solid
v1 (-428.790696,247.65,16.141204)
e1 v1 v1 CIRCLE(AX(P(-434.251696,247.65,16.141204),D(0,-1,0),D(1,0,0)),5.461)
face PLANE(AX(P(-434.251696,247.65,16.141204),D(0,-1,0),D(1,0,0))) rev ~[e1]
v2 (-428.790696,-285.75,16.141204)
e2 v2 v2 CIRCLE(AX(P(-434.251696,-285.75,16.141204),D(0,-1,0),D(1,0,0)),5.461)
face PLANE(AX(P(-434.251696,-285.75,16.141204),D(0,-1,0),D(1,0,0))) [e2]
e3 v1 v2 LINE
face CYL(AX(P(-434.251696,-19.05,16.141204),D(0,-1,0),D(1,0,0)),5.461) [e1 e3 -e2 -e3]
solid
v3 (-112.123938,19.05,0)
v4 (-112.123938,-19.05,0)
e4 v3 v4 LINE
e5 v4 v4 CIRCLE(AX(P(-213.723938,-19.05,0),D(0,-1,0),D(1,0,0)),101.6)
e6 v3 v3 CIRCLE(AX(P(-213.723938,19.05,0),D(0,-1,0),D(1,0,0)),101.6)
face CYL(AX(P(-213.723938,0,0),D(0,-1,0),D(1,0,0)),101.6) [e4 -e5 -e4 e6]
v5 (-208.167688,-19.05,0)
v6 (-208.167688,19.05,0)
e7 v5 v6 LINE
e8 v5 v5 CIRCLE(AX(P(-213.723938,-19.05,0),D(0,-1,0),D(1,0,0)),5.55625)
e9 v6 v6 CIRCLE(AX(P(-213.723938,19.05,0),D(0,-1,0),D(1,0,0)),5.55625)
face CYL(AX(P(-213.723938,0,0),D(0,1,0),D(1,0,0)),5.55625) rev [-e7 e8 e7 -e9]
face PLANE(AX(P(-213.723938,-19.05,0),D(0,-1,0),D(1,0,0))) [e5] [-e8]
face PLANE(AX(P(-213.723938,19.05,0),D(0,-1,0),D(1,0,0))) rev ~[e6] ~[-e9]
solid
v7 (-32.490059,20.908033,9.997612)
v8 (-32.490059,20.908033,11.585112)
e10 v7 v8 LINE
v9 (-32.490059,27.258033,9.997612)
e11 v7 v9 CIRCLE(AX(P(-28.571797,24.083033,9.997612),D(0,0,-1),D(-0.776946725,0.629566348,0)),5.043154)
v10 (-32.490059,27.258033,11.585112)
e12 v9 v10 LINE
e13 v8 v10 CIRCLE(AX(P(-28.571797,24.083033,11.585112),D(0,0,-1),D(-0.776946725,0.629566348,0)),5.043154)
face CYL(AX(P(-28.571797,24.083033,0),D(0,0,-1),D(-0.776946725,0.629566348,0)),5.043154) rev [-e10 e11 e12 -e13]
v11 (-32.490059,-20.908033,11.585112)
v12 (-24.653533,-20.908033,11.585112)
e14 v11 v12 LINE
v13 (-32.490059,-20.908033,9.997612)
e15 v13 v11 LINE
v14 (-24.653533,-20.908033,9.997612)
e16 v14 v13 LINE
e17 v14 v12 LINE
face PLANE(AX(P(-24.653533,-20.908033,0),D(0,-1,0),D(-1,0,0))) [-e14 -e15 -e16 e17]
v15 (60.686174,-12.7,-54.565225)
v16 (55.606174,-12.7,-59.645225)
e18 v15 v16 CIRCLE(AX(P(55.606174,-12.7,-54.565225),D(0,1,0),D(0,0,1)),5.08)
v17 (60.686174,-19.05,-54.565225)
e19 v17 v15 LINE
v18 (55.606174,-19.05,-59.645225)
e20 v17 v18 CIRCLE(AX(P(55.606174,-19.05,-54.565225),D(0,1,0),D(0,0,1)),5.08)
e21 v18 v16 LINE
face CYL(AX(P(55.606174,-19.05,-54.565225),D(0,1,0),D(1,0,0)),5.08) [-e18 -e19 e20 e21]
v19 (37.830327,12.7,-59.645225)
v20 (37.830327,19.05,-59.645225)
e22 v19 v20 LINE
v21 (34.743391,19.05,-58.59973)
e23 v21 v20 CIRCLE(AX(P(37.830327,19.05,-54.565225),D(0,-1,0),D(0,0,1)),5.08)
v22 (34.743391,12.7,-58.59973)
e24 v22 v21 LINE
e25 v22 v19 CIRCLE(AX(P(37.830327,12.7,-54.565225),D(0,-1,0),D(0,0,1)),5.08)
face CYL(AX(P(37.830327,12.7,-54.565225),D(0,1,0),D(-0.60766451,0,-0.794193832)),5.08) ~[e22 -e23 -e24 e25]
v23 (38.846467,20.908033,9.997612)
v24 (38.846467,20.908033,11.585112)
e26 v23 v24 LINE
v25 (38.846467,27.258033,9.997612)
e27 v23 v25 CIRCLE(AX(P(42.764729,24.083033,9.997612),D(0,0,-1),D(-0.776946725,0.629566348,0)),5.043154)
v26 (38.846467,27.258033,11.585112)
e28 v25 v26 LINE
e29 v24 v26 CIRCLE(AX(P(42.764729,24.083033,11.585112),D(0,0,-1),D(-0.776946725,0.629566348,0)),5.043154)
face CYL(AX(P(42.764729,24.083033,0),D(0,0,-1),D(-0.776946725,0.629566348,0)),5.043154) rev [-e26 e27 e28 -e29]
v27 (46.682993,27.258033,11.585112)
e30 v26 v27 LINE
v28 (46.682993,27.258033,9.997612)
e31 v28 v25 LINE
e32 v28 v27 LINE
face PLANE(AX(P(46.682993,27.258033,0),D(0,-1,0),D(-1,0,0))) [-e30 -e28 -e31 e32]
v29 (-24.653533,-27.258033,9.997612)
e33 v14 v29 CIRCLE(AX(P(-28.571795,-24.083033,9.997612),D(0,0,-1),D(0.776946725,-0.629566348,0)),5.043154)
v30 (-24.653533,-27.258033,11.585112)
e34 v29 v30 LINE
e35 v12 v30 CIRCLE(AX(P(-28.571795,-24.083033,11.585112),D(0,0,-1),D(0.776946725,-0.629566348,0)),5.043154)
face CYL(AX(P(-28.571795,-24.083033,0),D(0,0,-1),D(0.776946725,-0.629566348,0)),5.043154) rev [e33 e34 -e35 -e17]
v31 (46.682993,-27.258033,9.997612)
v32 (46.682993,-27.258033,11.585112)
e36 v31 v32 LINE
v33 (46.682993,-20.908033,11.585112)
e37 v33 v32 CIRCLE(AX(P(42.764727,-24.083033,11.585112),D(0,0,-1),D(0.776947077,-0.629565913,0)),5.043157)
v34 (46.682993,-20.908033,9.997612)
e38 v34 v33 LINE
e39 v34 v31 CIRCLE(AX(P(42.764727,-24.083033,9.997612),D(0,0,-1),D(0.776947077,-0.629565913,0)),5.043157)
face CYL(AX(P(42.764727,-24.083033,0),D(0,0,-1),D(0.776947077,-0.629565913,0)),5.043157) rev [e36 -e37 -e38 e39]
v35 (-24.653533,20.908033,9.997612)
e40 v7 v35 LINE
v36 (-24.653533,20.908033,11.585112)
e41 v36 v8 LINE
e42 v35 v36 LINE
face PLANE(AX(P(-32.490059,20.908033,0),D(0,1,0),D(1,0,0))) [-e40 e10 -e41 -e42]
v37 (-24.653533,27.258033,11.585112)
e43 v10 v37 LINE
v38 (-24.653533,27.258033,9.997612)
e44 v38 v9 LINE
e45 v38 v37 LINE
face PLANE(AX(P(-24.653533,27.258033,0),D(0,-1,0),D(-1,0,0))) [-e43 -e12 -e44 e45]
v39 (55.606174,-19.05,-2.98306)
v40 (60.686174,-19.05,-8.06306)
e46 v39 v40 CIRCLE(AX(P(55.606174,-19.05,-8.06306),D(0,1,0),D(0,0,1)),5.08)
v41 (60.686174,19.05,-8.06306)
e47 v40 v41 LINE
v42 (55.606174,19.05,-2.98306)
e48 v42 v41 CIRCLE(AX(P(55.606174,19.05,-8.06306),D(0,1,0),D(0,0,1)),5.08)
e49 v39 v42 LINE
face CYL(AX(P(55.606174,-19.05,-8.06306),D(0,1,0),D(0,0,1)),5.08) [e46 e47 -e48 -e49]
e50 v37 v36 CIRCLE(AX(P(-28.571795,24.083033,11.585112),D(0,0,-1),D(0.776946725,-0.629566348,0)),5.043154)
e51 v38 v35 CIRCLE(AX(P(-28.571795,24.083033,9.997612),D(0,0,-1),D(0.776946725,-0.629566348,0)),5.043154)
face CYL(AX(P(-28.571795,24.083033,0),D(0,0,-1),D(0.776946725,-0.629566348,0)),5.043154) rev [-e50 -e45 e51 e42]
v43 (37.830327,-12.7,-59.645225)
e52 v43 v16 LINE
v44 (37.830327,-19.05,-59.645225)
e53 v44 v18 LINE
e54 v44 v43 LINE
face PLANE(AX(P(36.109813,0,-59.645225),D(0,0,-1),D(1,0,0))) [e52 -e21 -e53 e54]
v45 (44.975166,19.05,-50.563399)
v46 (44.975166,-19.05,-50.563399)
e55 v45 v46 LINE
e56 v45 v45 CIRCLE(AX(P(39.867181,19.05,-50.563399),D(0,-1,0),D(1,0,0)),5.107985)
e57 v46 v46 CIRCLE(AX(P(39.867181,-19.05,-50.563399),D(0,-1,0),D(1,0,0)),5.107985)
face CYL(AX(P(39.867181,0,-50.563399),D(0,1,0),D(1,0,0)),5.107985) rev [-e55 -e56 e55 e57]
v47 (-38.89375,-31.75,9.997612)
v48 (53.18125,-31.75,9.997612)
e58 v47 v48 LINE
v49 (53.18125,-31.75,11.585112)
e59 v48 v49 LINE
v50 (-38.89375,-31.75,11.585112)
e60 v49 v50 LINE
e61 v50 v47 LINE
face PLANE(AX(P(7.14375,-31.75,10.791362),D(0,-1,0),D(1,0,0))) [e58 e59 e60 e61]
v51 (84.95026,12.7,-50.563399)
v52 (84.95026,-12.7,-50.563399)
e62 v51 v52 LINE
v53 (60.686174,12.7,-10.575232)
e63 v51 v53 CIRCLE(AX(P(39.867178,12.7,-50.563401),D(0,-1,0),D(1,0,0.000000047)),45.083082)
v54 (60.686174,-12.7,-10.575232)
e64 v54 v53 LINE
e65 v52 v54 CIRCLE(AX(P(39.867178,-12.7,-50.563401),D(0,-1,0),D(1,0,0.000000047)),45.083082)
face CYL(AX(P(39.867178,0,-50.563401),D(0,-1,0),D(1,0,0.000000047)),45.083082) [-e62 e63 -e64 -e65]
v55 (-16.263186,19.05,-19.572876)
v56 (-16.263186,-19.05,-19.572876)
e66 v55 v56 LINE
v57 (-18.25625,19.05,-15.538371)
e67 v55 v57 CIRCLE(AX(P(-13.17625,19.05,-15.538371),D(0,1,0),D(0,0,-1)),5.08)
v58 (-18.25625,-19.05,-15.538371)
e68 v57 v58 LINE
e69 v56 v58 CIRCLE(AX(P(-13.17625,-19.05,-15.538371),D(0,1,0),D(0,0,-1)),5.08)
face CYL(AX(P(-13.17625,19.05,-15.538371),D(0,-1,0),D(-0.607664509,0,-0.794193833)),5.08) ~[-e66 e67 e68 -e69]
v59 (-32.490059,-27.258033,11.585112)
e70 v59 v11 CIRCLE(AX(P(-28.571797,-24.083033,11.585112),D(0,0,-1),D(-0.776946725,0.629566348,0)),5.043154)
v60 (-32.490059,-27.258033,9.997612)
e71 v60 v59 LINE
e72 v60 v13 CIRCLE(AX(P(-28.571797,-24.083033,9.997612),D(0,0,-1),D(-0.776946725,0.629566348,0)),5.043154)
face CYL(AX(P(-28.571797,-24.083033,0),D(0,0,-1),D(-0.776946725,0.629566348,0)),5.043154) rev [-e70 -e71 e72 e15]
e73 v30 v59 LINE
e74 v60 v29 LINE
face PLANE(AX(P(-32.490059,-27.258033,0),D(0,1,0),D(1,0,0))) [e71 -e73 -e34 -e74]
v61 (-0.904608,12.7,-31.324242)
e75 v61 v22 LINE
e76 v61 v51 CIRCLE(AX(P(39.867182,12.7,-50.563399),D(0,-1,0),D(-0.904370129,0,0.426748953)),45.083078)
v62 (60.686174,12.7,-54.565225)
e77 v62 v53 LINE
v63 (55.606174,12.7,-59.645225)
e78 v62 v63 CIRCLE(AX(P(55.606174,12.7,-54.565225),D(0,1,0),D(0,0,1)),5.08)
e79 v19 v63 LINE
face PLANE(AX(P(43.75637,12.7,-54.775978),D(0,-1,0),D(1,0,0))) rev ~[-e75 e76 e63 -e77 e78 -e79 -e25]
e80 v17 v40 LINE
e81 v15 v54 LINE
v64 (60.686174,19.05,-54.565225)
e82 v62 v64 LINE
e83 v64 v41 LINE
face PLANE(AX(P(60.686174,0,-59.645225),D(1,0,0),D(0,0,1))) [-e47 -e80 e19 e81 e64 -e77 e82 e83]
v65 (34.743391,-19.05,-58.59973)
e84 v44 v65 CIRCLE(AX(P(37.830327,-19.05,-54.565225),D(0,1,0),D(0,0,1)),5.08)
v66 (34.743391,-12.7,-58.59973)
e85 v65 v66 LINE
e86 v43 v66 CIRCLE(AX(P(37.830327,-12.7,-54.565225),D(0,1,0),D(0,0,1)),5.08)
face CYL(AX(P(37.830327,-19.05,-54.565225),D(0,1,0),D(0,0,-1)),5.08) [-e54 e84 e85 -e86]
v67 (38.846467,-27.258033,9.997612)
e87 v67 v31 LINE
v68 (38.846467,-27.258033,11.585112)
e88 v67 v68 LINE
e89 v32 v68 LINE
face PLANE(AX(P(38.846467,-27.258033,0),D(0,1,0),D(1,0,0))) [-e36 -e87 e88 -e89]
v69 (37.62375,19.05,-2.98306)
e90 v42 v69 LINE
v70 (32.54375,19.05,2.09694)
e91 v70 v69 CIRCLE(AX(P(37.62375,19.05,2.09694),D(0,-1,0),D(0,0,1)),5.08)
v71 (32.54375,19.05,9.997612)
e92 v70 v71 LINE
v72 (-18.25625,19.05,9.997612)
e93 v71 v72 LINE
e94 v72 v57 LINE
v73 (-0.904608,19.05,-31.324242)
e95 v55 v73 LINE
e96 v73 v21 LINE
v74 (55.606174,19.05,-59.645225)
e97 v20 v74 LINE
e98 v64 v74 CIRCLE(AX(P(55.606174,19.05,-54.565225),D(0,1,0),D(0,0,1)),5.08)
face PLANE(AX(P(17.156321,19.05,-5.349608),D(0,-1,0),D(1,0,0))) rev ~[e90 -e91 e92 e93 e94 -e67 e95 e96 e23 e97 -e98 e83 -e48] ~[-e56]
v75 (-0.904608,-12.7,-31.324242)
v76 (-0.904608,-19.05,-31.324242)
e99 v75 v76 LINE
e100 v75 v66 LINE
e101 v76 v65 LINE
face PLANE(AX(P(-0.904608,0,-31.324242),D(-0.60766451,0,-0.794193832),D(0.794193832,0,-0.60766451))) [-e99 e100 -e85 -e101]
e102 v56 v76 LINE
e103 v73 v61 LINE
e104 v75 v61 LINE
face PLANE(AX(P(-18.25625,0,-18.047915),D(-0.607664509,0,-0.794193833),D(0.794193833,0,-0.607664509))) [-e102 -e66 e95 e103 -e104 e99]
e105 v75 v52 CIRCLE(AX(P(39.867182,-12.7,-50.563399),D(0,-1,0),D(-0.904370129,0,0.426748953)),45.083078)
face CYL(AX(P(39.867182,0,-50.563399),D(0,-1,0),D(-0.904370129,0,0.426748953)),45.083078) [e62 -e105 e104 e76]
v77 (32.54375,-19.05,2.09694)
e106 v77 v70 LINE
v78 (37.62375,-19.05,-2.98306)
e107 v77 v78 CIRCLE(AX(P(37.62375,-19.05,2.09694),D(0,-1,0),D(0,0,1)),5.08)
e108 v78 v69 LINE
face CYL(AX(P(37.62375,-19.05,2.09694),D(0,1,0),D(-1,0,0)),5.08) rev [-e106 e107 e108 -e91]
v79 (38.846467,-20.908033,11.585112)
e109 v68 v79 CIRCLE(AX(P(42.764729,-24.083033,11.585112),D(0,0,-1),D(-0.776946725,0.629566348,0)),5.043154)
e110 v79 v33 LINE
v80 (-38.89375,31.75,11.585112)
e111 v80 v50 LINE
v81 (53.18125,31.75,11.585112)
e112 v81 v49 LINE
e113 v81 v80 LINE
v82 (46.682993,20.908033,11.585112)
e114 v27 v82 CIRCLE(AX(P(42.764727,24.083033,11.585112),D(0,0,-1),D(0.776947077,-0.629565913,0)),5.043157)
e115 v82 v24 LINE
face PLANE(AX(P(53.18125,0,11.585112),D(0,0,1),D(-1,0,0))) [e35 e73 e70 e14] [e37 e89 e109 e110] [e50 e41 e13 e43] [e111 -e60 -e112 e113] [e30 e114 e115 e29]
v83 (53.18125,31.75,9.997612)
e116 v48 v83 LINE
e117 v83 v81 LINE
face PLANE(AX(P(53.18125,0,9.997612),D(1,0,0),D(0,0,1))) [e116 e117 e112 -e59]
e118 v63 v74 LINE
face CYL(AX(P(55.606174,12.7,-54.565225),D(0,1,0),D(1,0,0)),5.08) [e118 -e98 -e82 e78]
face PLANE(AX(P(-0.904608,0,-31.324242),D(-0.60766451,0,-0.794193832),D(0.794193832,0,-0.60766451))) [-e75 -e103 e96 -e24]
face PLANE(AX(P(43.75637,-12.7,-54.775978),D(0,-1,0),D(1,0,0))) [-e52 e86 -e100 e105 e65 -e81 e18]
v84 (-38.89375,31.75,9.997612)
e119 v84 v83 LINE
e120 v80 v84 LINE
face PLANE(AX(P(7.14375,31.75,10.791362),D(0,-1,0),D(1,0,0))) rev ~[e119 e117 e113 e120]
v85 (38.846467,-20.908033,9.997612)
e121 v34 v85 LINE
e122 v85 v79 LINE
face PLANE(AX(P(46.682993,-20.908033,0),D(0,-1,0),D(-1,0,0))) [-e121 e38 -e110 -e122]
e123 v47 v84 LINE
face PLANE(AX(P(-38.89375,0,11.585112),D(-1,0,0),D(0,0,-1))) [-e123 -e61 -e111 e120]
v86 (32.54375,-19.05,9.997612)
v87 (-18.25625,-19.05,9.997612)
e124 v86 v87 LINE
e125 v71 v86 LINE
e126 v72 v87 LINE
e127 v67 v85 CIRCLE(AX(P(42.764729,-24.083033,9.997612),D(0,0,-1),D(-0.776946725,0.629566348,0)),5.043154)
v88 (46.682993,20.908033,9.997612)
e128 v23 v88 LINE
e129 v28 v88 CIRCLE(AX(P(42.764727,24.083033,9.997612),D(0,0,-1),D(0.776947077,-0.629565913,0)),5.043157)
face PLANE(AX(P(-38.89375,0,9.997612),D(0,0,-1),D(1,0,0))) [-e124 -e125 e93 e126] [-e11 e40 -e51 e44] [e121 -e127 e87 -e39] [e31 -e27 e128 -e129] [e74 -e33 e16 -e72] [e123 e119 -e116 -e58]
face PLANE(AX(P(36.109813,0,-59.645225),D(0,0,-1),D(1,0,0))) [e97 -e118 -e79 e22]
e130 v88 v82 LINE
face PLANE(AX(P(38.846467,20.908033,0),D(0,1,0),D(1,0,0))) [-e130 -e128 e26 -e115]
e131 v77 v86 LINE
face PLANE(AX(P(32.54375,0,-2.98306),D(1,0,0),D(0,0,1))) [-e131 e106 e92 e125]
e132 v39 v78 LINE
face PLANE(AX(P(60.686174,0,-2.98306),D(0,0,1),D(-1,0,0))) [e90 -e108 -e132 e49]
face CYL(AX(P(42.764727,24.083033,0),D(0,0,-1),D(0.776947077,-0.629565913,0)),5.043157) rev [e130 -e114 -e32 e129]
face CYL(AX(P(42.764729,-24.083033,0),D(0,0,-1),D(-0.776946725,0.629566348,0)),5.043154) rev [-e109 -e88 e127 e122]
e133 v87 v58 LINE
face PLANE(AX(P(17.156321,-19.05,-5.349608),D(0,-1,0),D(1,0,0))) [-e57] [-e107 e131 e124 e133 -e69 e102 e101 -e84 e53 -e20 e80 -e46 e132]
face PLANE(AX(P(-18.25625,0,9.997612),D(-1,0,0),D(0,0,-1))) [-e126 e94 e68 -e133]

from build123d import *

# Parameters (mm, degrees)
F1_DEPTH  = 31.75
F0_R      = 5.107985
F2_DEPTH  = 12.7
F3_DEPTH  = 19.05
F4_R      = 5.08
F6_DEPTH  = 11.586112
F7_R      = 101.6
F7_R_2    = 5.55625
F8_DEPTH  = 19.05
F9_R      = 5.461
F10_DEPTH = 266.7


with BuildPart() as f1:
    # F0 (on Front) → F1 (new body, symmetric)
    with BuildSketch(Plane.XZ):
        Polygon((32.54375, 9.997612), (53.18125, 9.997612), (53.18125, 11.585112), (-38.89375, 11.585112), (-38.89375, 9.997612), (-18.25625, 9.997612), align=None)
    extrude(amount=F1_DEPTH, both=True)



with BuildPart() as f2:
    # F0 (on Front) → F2 (new body, symmetric)
    with BuildSketch(Plane.XZ):
        with BuildLine():
            Line((36.109813, -59.645225), (-0.904608, -31.324242))
            ThreePointArc((-0.904608, -31.324242), (30.009032, -94.555453), (84.95026, -50.563399))
            ThreePointArc((84.95026, -50.563399), (78.409808, -27.17644), (60.686174, -10.575232))
            Line((60.686174, -10.575232), (60.686174, -59.645225))
            Line((60.686174, -59.645225), (36.109813, -59.645225))
        make_face()
        with BuildLine():
            ThreePointArc((60.686174, -10.575232), (25.474166, -7.839575), (-0.904608, -31.324242))
            Line((-0.904608, -31.324242), (36.109813, -59.645225))
            Line((36.109813, -59.645225), (60.686174, -59.645225))
            Line((60.686174, -59.645225), (60.686174, -10.575232))
        make_face()
        with Locations((39.867181, -50.563399)):
            Circle(F0_R, mode=Mode.SUBTRACT)
    extrude(amount=F2_DEPTH, both=True)


with BuildPart() as f1_1:
    add(f1.part)

    add(f2.part)  # F3 merges F2
    # F0 (on Front) → F3 (join, symmetric)
    with BuildSketch(Plane.XZ):
        with BuildLine():
            Line((32.54375, -2.98306), (32.54375, 9.997612))
            Line((32.54375, 9.997612), (-18.25625, 9.997612))
            Line((-18.25625, 9.997612), (-18.25625, -18.047915))
            Line((-18.25625, -18.047915), (-0.904608, -31.324242))
            ThreePointArc((-0.904608, -31.324242), (25.474166, -7.839575), (60.686174, -10.575232))
            Line((60.686174, -10.575232), (60.686174, -2.98306))
            Line((60.686174, -2.98306), (32.54375, -2.98306))
        make_face()
        with BuildLine():
            ThreePointArc((60.686174, -10.575232), (25.474166, -7.839575), (-0.904608, -31.324242))
            Line((-0.904608, -31.324242), (36.109813, -59.645225))
            Line((36.109813, -59.645225), (60.686174, -59.645225))
            Line((60.686174, -59.645225), (60.686174, -10.575232))
        make_face()
        with Locations((39.867181, -50.563399)):
            Circle(F0_R, mode=Mode.SUBTRACT)
    extrude(amount=F3_DEPTH, both=True)

    # F4
    f4_edges = [f1_1.edges().sort_by_distance(p)[0] for p in [
        (60.686174, 0, -2.98306),
        (60.686174, -15.875, -59.645225),
        (60.686174, 15.875, -59.645225),
        (36.109813, -15.875, -59.645225),
        (36.109813, 15.875, -59.645225),
        (-18.25625, 0, -18.047915),
        (32.54375, 0, -2.98306),
    ]]
    fillet(f4_edges, radius=F4_R)

    # F5 (on Top) → F6 (cut, through all)
    with BuildSketch(Plane.XY):
        with BuildLine():
            Line((-32.490059, 20.908033), (-24.653533, 20.908033))
            ThreePointArc((-24.653533, 20.908033), (-23.528641, 24.083033), (-24.653533, 27.258033))
            Line((-24.653533, 27.258033), (-32.490059, 27.258033))
            ThreePointArc((-32.490059, 27.258033), (-33.614951, 24.083033), (-32.490059, 20.908033))
        make_face()
        with BuildLine():
            Line((38.846467, 20.908033), (46.682993, 20.908033))
            ThreePointArc((46.682993, 20.908033), (47.807884, 24.083033), (46.682993, 27.258033))
            Line((46.682993, 27.258033), (38.846467, 27.258033))
            ThreePointArc((38.846467, 27.258033), (37.721575, 24.083033), (38.846467, 20.908033))
        make_face()
        with BuildLine():
            Line((-24.653533, -20.908033), (-32.490059, -20.908033))
            ThreePointArc((-32.490059, -20.908033), (-33.614951, -24.083033), (-32.490059, -27.258033))
            Line((-32.490059, -27.258033), (-24.653533, -27.258033))
            ThreePointArc((-24.653533, -27.258033), (-23.528641, -24.083033), (-24.653533, -20.908033))
        make_face()
        with BuildLine():
            Line((46.682993, -20.908033), (38.846467, -20.908033))
            ThreePointArc((38.846467, -20.908033), (37.721575, -24.083033), (38.846467, -27.258033))
            Line((38.846467, -27.258033), (46.682993, -27.258033))
            ThreePointArc((46.682993, -27.258033), (47.807884, -24.083033), (46.682993, -20.908033))
        make_face()
    extrude(amount=F6_DEPTH, mode=Mode.SUBTRACT)


with BuildPart() as f8:
    # F7 (on Front) → F8 (new body, symmetric)
    with BuildSketch(Plane.XZ):
        with Locations((-213.723938, 0)):
            Circle(F7_R)
        with Locations((-213.723938, 0)):
            Circle(F7_R_2, mode=Mode.SUBTRACT)
    extrude(amount=F8_DEPTH, both=True)


with BuildPart() as f10:
    # F9 (on face) → F10 (new body, symmetric)
    with BuildSketch(Plane.XZ.offset(19.05)):
        with Locations((-434.251696, 16.141204)):
            Circle(F9_R)
    extrude(amount=F10_DEPTH, both=True)


solid = Compound([f1_1.part, f8.part, f10.part])
